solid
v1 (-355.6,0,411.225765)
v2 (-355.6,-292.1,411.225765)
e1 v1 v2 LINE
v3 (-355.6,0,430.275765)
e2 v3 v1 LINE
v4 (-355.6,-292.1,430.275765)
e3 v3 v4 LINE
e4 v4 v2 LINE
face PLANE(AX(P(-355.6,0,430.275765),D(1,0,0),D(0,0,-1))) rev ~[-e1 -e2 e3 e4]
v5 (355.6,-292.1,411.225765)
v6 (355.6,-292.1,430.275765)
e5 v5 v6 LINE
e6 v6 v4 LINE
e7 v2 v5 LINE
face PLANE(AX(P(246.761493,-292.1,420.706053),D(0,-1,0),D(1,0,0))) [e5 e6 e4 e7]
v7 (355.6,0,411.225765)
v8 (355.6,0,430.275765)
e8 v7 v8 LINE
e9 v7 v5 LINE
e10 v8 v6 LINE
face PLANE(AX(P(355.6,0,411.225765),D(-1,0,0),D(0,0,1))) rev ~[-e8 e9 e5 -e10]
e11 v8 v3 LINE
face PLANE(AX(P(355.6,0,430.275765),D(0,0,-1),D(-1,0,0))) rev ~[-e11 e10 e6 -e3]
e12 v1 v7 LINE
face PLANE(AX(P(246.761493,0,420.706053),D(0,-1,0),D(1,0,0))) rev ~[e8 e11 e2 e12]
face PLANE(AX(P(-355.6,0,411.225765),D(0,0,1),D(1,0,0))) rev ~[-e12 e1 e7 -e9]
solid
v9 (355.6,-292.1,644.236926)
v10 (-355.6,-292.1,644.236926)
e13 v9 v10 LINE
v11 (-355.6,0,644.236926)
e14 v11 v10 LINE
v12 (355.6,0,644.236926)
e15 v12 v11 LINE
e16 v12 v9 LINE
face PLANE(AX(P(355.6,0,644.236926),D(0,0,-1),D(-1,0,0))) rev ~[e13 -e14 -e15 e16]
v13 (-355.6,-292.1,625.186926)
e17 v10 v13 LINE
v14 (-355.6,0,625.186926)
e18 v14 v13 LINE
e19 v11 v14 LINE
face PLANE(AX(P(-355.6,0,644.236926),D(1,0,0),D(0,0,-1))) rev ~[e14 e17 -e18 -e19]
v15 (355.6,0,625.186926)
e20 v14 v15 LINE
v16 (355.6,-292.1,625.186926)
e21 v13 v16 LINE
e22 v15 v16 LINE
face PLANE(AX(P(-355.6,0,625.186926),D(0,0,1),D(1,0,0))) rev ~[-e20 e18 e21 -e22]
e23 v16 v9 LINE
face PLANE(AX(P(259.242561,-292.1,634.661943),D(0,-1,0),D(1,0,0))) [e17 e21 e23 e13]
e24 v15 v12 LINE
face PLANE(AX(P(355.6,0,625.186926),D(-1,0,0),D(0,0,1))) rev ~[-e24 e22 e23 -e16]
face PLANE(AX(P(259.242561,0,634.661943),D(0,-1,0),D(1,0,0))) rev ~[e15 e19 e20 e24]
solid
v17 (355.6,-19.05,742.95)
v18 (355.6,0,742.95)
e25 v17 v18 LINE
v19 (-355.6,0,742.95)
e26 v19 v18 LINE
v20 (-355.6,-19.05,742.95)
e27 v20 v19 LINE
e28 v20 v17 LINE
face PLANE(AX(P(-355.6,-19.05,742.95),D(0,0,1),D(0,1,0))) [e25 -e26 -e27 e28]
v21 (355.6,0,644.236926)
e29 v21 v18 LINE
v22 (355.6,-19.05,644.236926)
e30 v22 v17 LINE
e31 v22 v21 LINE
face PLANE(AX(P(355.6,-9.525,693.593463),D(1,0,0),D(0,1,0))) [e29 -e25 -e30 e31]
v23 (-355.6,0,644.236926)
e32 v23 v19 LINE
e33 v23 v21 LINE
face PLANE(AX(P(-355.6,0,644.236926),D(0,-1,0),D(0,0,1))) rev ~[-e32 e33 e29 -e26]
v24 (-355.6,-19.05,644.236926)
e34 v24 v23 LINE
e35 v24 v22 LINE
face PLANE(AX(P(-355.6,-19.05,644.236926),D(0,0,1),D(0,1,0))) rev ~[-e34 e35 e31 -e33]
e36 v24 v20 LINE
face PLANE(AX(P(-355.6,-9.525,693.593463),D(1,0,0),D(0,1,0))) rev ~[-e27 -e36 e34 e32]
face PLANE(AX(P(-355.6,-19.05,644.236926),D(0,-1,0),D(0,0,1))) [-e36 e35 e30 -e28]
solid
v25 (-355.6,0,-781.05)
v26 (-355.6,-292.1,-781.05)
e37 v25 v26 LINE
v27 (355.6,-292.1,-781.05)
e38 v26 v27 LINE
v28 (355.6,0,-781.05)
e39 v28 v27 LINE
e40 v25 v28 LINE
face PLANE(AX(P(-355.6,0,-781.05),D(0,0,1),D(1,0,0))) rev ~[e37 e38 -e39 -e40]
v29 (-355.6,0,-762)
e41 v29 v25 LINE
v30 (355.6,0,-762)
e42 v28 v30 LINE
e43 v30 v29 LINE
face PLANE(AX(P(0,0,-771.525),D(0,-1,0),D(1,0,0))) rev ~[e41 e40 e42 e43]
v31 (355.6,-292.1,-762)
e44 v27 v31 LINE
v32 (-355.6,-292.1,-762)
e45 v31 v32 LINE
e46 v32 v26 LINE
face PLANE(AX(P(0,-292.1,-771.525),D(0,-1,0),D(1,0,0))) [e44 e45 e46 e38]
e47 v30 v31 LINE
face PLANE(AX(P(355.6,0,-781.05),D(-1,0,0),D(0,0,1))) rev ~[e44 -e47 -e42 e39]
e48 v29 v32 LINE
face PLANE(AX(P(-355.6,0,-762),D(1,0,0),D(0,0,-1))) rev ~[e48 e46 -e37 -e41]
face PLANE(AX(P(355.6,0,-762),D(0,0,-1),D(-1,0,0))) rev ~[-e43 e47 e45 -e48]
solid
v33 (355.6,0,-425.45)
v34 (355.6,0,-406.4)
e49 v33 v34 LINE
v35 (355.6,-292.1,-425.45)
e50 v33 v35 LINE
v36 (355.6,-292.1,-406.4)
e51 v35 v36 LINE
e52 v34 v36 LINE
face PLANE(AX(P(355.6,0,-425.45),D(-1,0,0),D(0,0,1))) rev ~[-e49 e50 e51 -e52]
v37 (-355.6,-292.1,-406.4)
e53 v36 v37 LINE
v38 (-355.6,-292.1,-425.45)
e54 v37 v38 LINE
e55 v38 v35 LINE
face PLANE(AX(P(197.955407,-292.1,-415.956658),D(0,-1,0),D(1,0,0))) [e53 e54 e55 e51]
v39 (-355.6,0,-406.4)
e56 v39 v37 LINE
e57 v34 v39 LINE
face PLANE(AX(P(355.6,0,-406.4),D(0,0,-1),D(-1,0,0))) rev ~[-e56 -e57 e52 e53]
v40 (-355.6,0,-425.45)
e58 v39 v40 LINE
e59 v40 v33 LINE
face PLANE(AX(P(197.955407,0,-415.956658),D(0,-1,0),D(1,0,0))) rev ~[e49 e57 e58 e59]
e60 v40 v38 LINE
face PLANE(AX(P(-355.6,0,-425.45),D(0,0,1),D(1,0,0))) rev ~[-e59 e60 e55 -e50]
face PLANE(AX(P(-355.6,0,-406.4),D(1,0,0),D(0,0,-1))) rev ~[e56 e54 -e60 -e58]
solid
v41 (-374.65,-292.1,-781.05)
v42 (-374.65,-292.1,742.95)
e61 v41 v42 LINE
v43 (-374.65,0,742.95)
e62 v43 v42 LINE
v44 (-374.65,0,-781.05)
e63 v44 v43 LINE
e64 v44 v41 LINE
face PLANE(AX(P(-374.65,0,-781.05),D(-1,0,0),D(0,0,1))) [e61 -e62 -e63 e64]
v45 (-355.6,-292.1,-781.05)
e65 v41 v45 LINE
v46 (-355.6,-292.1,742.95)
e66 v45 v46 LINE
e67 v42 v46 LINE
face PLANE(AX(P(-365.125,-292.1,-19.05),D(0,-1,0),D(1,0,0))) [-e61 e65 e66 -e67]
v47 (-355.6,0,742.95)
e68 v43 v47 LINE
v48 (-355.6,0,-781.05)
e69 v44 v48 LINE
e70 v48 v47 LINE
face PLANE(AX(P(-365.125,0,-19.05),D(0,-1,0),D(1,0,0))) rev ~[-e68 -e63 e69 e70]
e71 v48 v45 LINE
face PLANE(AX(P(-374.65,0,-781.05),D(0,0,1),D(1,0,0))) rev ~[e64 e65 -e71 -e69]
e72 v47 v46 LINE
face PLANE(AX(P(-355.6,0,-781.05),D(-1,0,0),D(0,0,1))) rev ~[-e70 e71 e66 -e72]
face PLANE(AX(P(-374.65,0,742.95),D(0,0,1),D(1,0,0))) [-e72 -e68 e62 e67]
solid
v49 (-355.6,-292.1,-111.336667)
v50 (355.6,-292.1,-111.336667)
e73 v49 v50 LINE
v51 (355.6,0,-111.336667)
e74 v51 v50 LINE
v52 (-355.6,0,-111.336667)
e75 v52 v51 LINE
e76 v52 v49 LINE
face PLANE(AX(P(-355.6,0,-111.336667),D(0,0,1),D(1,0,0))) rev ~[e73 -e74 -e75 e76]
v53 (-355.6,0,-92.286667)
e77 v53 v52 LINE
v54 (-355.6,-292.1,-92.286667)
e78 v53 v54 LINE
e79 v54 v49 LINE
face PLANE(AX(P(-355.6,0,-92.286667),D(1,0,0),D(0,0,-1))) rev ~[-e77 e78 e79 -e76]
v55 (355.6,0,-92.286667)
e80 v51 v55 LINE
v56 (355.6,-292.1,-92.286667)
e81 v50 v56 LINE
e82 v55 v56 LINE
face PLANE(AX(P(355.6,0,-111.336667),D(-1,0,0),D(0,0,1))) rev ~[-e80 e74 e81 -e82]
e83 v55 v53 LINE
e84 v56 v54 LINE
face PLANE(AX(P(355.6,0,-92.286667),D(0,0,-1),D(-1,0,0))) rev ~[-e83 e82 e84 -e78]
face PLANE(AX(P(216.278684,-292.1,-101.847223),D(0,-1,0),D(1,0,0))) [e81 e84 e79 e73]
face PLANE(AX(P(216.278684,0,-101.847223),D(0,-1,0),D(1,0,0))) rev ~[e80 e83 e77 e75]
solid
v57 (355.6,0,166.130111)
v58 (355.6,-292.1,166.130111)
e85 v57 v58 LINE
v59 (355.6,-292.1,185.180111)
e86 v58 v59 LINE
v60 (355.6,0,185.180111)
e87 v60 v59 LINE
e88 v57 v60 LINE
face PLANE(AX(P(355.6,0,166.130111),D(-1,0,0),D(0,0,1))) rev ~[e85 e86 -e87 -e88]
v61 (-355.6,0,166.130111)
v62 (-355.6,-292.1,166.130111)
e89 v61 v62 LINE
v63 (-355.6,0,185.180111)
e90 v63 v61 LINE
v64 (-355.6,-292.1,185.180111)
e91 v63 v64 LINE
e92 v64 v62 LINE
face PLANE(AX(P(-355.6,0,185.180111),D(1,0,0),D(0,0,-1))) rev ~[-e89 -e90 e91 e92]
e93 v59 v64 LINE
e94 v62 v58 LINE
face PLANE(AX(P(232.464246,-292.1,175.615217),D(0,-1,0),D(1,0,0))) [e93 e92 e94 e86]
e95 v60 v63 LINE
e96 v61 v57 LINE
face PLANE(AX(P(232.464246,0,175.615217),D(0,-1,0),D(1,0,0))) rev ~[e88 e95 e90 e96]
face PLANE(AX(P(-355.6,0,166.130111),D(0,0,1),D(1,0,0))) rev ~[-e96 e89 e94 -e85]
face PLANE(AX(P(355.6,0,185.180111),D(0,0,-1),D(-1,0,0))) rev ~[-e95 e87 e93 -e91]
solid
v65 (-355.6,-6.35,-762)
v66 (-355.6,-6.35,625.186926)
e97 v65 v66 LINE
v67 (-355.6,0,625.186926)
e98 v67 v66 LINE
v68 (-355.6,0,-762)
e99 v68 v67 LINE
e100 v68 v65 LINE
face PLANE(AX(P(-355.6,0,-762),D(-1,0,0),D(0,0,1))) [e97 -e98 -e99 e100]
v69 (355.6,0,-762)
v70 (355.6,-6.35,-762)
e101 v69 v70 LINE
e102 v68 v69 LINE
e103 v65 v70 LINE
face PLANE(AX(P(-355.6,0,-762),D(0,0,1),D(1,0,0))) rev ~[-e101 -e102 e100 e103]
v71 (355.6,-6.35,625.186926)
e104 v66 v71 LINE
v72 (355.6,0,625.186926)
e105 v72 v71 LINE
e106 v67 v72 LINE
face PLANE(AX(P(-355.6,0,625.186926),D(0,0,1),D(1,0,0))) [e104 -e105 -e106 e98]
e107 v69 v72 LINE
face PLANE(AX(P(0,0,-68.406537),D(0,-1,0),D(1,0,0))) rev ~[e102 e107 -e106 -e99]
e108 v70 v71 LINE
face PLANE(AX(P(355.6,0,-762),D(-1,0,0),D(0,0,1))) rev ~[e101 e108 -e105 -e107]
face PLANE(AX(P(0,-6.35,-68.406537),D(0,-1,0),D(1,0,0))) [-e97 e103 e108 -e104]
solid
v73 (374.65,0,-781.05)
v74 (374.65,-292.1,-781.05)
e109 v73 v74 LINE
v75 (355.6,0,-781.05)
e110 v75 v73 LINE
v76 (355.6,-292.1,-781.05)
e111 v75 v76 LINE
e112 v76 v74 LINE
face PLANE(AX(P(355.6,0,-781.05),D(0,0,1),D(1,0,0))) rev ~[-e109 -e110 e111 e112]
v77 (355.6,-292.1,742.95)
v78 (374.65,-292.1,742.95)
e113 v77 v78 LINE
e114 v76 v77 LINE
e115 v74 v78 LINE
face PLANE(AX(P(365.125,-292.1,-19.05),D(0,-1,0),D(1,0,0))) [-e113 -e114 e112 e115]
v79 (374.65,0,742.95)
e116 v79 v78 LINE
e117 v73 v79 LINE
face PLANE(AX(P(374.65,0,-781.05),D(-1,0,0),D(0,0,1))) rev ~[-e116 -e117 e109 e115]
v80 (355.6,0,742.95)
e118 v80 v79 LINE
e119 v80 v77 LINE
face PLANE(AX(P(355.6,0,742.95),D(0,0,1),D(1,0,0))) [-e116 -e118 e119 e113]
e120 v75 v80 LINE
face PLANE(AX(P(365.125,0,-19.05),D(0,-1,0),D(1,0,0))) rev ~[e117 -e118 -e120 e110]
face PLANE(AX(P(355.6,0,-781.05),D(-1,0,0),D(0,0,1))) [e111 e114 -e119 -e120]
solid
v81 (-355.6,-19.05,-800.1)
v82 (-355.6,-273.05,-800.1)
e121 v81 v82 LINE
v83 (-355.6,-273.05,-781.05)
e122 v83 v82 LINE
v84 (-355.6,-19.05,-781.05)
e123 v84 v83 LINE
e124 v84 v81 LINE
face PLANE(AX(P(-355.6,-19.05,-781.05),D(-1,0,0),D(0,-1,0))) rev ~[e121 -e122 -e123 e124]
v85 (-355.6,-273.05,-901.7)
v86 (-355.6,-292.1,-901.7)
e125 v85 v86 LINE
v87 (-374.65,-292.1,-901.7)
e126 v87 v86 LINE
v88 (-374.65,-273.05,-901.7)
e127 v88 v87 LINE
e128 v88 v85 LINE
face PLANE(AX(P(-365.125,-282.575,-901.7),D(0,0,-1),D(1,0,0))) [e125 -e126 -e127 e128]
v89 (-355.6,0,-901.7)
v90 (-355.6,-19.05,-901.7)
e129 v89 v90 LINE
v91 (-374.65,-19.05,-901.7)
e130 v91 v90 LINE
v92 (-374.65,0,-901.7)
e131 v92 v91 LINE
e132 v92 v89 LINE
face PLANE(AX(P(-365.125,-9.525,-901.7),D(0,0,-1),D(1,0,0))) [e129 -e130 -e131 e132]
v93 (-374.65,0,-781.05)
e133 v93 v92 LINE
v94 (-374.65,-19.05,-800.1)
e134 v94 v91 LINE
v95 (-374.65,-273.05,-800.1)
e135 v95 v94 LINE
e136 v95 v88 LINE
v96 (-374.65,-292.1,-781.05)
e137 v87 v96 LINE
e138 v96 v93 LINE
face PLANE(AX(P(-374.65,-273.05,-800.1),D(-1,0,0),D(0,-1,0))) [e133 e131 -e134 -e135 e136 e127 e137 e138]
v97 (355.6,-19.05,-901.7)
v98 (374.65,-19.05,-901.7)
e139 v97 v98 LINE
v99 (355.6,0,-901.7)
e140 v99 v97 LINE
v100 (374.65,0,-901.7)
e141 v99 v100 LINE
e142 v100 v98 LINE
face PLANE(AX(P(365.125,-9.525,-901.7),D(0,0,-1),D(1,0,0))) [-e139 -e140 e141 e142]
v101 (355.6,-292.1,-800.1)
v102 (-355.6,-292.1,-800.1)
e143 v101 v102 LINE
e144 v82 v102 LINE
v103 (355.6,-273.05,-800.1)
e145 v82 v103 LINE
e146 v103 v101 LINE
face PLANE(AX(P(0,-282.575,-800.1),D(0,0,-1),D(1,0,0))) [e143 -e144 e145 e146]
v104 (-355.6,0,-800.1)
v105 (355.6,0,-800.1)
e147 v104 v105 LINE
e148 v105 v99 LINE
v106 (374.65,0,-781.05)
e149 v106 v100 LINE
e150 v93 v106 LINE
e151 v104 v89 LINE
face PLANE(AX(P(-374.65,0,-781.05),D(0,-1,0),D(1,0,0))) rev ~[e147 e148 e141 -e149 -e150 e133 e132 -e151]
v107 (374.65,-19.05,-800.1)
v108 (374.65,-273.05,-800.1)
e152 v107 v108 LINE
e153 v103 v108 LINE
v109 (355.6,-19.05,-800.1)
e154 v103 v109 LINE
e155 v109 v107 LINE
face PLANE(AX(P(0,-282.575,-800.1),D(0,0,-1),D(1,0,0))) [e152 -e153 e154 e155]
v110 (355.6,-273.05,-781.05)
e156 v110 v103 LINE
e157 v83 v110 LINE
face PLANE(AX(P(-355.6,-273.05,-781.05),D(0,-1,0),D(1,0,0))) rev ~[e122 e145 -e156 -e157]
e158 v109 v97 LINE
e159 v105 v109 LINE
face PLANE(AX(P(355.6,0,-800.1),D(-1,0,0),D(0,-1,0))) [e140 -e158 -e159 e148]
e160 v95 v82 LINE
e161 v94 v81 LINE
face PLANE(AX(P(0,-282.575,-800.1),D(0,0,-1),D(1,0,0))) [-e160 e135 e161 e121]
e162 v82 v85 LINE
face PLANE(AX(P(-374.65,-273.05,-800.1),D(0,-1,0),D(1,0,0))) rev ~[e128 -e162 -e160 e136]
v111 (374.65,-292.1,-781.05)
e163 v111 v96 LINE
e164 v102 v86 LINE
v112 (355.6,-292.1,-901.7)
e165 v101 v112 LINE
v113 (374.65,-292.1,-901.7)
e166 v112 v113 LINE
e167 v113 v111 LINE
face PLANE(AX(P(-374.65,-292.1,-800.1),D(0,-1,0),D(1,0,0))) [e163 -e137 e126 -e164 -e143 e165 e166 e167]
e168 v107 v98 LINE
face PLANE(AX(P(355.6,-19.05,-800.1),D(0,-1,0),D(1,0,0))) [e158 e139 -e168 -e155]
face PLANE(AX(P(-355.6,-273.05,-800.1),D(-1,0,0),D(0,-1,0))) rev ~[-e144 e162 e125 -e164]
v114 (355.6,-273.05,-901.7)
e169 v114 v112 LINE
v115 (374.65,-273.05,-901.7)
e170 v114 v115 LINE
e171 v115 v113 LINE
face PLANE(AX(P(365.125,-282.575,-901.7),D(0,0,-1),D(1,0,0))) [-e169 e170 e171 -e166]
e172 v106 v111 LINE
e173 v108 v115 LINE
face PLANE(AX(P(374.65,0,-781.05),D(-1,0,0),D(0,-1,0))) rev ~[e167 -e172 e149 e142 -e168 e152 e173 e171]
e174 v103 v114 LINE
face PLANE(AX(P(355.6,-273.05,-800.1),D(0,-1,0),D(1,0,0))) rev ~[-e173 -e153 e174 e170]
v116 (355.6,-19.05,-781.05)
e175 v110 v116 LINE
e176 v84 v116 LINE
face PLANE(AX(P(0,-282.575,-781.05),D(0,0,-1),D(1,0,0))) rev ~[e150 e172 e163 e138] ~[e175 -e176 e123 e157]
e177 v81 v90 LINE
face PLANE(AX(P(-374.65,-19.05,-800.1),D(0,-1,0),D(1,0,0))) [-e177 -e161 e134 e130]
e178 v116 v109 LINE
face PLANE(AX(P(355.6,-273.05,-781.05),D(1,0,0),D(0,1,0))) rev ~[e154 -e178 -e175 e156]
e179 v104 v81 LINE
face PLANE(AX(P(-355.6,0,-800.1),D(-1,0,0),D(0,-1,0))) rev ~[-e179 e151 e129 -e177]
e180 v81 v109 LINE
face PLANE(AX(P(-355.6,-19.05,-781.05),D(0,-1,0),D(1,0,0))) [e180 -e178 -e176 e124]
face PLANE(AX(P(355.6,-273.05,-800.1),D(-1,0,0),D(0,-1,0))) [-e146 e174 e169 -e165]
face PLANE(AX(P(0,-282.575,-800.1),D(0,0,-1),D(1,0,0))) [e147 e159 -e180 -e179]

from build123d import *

# Parameters (mm, degrees)
F1_DEPTH  = 292.1
F2_W      = 19.05
F2_H      = 1524
F3_DEPTH  = 292.1
F4_W      = 19.05
F4_H      = 98.713074
F5_DEPTH  = 711.2
F6_W      = 711.2
F6_H      = 19.05
F7_DEPTH  = 19.05
F8_W      = 19.05
F8_H      = 19.05
F9_DEPTH  = 101.6
F10_W     = 711.2
F10_H     = 1387.186926
F11_DEPTH = 6.35


with BuildPart() as f1:
    # F0 (on Front) → F1 (new body)
    with BuildSketch(Plane.XZ):
        Polygon((0, -762), (-355.6, -762), (-355.6, -781.05), (355.6, -781.05), (355.6, -762), align=None)
        Polygon((164.060975, 644.236926), (161.838475, 625.186926), (355.6, 625.186926), (355.6, 644.236926), align=None)
        Polygon((139.098839, 430.275765), (136.876339, 411.225765), (355.6, 411.225765), (355.6, 430.275765), align=None)
        Polygon((-355.6, 430.275765), (-355.6, 411.225765), (136.876339, 411.225765), (139.098839, 430.275765), align=None)
        Polygon((110.504346, 185.180111), (108.281846, 166.130111), (355.6, 166.130111), (355.6, 185.180111), align=None)
        Polygon((-355.6, 185.180111), (-355.6, 166.130111), (108.281846, 166.130111), (110.504346, 185.180111), align=None)
        Polygon((78.133222, -92.286667), (75.910722, -111.336667), (355.6, -111.336667), (355.6, -92.286667), align=None)
        Polygon((-355.6, -92.286667), (-355.6, -111.336667), (75.910722, -111.336667), (78.133222, -92.286667), align=None)
        Polygon((41.486667, -406.4), (39.264167, -425.45), (355.6, -425.45), (355.6, -406.4), align=None)
        Polygon((-355.6, -406.4), (-355.6, -425.45), (39.264167, -425.45), (41.486667, -406.4), align=None)
        Polygon((-355.6, 644.236926), (-355.6, 625.186926), (161.838475, 625.186926), (164.060975, 644.236926), align=None)
    extrude(amount=F1_DEPTH)


with BuildPart() as f3:
    # F2 (on Front) → F3 (new body)
    with BuildSketch(Plane.XZ):
        with Locations((-365.125, -19.05)):
            Rectangle(F2_W, F2_H)
        with Locations((365.125, -19.05)):
            Rectangle(F2_W, F2_H)
    extrude(amount=F3_DEPTH)


with BuildPart() as f5:
    # F4 (on face) → F5 (new body)
    with BuildSketch(Plane.YZ.offset(-355.6)):
        with Locations((-9.525, 693.593463)):
            Rectangle(F4_W, F4_H)
    extrude(amount=F5_DEPTH)


with BuildPart() as f7:
    # F6 (on face) → F7 (new body)
    with BuildSketch(Plane(origin=(0, 0, -781.05), x_dir=(1, 0, 0), z_dir=(0, 0, -1))):
        with Locations((0, 282.575)):
            Rectangle(F6_W, F6_H)
        Polygon((-355.6, 292.1), (-374.65, 292.1), (-374.65, 0), (-355.6, 0), (-355.6, 19.05), (-355.6, 273.05), align=None)
        with Locations((0, 9.525)):
            Rectangle(F6_W, F6_H)
        Polygon((374.65, 292.1), (355.6, 292.1), (355.6, 273.05), (355.6, 19.05), (355.6, 0), (374.65, 0), align=None)
    extrude(amount=F7_DEPTH)

    # F8 (on face) → F9 (join)
    with BuildSketch(Plane(origin=(0, 0, -800.1), x_dir=(1, 0, 0), z_dir=(0, 0, -1))):
        with Locations((-365.125, 282.575)):
            Rectangle(F8_W, F8_H)
        with Locations((-365.125, 9.525)):
            Rectangle(F8_W, F8_H)
        with Locations((365.125, 9.525)):
            Rectangle(F8_W, F8_H)
        with Locations((365.125, 282.575)):
            Rectangle(F8_W, F8_H)
    extrude(amount=F9_DEPTH)


with BuildPart() as f11:
    # F10 (on Front) → F11 (new body)
    with BuildSketch(Plane.XZ):
        with Locations((0, -68.406537)):
            Rectangle(F10_W, F10_H)
    extrude(amount=F11_DEPTH)


solid = Compound([f1.part, f3.part, f5.part, f7.part, f11.part])
